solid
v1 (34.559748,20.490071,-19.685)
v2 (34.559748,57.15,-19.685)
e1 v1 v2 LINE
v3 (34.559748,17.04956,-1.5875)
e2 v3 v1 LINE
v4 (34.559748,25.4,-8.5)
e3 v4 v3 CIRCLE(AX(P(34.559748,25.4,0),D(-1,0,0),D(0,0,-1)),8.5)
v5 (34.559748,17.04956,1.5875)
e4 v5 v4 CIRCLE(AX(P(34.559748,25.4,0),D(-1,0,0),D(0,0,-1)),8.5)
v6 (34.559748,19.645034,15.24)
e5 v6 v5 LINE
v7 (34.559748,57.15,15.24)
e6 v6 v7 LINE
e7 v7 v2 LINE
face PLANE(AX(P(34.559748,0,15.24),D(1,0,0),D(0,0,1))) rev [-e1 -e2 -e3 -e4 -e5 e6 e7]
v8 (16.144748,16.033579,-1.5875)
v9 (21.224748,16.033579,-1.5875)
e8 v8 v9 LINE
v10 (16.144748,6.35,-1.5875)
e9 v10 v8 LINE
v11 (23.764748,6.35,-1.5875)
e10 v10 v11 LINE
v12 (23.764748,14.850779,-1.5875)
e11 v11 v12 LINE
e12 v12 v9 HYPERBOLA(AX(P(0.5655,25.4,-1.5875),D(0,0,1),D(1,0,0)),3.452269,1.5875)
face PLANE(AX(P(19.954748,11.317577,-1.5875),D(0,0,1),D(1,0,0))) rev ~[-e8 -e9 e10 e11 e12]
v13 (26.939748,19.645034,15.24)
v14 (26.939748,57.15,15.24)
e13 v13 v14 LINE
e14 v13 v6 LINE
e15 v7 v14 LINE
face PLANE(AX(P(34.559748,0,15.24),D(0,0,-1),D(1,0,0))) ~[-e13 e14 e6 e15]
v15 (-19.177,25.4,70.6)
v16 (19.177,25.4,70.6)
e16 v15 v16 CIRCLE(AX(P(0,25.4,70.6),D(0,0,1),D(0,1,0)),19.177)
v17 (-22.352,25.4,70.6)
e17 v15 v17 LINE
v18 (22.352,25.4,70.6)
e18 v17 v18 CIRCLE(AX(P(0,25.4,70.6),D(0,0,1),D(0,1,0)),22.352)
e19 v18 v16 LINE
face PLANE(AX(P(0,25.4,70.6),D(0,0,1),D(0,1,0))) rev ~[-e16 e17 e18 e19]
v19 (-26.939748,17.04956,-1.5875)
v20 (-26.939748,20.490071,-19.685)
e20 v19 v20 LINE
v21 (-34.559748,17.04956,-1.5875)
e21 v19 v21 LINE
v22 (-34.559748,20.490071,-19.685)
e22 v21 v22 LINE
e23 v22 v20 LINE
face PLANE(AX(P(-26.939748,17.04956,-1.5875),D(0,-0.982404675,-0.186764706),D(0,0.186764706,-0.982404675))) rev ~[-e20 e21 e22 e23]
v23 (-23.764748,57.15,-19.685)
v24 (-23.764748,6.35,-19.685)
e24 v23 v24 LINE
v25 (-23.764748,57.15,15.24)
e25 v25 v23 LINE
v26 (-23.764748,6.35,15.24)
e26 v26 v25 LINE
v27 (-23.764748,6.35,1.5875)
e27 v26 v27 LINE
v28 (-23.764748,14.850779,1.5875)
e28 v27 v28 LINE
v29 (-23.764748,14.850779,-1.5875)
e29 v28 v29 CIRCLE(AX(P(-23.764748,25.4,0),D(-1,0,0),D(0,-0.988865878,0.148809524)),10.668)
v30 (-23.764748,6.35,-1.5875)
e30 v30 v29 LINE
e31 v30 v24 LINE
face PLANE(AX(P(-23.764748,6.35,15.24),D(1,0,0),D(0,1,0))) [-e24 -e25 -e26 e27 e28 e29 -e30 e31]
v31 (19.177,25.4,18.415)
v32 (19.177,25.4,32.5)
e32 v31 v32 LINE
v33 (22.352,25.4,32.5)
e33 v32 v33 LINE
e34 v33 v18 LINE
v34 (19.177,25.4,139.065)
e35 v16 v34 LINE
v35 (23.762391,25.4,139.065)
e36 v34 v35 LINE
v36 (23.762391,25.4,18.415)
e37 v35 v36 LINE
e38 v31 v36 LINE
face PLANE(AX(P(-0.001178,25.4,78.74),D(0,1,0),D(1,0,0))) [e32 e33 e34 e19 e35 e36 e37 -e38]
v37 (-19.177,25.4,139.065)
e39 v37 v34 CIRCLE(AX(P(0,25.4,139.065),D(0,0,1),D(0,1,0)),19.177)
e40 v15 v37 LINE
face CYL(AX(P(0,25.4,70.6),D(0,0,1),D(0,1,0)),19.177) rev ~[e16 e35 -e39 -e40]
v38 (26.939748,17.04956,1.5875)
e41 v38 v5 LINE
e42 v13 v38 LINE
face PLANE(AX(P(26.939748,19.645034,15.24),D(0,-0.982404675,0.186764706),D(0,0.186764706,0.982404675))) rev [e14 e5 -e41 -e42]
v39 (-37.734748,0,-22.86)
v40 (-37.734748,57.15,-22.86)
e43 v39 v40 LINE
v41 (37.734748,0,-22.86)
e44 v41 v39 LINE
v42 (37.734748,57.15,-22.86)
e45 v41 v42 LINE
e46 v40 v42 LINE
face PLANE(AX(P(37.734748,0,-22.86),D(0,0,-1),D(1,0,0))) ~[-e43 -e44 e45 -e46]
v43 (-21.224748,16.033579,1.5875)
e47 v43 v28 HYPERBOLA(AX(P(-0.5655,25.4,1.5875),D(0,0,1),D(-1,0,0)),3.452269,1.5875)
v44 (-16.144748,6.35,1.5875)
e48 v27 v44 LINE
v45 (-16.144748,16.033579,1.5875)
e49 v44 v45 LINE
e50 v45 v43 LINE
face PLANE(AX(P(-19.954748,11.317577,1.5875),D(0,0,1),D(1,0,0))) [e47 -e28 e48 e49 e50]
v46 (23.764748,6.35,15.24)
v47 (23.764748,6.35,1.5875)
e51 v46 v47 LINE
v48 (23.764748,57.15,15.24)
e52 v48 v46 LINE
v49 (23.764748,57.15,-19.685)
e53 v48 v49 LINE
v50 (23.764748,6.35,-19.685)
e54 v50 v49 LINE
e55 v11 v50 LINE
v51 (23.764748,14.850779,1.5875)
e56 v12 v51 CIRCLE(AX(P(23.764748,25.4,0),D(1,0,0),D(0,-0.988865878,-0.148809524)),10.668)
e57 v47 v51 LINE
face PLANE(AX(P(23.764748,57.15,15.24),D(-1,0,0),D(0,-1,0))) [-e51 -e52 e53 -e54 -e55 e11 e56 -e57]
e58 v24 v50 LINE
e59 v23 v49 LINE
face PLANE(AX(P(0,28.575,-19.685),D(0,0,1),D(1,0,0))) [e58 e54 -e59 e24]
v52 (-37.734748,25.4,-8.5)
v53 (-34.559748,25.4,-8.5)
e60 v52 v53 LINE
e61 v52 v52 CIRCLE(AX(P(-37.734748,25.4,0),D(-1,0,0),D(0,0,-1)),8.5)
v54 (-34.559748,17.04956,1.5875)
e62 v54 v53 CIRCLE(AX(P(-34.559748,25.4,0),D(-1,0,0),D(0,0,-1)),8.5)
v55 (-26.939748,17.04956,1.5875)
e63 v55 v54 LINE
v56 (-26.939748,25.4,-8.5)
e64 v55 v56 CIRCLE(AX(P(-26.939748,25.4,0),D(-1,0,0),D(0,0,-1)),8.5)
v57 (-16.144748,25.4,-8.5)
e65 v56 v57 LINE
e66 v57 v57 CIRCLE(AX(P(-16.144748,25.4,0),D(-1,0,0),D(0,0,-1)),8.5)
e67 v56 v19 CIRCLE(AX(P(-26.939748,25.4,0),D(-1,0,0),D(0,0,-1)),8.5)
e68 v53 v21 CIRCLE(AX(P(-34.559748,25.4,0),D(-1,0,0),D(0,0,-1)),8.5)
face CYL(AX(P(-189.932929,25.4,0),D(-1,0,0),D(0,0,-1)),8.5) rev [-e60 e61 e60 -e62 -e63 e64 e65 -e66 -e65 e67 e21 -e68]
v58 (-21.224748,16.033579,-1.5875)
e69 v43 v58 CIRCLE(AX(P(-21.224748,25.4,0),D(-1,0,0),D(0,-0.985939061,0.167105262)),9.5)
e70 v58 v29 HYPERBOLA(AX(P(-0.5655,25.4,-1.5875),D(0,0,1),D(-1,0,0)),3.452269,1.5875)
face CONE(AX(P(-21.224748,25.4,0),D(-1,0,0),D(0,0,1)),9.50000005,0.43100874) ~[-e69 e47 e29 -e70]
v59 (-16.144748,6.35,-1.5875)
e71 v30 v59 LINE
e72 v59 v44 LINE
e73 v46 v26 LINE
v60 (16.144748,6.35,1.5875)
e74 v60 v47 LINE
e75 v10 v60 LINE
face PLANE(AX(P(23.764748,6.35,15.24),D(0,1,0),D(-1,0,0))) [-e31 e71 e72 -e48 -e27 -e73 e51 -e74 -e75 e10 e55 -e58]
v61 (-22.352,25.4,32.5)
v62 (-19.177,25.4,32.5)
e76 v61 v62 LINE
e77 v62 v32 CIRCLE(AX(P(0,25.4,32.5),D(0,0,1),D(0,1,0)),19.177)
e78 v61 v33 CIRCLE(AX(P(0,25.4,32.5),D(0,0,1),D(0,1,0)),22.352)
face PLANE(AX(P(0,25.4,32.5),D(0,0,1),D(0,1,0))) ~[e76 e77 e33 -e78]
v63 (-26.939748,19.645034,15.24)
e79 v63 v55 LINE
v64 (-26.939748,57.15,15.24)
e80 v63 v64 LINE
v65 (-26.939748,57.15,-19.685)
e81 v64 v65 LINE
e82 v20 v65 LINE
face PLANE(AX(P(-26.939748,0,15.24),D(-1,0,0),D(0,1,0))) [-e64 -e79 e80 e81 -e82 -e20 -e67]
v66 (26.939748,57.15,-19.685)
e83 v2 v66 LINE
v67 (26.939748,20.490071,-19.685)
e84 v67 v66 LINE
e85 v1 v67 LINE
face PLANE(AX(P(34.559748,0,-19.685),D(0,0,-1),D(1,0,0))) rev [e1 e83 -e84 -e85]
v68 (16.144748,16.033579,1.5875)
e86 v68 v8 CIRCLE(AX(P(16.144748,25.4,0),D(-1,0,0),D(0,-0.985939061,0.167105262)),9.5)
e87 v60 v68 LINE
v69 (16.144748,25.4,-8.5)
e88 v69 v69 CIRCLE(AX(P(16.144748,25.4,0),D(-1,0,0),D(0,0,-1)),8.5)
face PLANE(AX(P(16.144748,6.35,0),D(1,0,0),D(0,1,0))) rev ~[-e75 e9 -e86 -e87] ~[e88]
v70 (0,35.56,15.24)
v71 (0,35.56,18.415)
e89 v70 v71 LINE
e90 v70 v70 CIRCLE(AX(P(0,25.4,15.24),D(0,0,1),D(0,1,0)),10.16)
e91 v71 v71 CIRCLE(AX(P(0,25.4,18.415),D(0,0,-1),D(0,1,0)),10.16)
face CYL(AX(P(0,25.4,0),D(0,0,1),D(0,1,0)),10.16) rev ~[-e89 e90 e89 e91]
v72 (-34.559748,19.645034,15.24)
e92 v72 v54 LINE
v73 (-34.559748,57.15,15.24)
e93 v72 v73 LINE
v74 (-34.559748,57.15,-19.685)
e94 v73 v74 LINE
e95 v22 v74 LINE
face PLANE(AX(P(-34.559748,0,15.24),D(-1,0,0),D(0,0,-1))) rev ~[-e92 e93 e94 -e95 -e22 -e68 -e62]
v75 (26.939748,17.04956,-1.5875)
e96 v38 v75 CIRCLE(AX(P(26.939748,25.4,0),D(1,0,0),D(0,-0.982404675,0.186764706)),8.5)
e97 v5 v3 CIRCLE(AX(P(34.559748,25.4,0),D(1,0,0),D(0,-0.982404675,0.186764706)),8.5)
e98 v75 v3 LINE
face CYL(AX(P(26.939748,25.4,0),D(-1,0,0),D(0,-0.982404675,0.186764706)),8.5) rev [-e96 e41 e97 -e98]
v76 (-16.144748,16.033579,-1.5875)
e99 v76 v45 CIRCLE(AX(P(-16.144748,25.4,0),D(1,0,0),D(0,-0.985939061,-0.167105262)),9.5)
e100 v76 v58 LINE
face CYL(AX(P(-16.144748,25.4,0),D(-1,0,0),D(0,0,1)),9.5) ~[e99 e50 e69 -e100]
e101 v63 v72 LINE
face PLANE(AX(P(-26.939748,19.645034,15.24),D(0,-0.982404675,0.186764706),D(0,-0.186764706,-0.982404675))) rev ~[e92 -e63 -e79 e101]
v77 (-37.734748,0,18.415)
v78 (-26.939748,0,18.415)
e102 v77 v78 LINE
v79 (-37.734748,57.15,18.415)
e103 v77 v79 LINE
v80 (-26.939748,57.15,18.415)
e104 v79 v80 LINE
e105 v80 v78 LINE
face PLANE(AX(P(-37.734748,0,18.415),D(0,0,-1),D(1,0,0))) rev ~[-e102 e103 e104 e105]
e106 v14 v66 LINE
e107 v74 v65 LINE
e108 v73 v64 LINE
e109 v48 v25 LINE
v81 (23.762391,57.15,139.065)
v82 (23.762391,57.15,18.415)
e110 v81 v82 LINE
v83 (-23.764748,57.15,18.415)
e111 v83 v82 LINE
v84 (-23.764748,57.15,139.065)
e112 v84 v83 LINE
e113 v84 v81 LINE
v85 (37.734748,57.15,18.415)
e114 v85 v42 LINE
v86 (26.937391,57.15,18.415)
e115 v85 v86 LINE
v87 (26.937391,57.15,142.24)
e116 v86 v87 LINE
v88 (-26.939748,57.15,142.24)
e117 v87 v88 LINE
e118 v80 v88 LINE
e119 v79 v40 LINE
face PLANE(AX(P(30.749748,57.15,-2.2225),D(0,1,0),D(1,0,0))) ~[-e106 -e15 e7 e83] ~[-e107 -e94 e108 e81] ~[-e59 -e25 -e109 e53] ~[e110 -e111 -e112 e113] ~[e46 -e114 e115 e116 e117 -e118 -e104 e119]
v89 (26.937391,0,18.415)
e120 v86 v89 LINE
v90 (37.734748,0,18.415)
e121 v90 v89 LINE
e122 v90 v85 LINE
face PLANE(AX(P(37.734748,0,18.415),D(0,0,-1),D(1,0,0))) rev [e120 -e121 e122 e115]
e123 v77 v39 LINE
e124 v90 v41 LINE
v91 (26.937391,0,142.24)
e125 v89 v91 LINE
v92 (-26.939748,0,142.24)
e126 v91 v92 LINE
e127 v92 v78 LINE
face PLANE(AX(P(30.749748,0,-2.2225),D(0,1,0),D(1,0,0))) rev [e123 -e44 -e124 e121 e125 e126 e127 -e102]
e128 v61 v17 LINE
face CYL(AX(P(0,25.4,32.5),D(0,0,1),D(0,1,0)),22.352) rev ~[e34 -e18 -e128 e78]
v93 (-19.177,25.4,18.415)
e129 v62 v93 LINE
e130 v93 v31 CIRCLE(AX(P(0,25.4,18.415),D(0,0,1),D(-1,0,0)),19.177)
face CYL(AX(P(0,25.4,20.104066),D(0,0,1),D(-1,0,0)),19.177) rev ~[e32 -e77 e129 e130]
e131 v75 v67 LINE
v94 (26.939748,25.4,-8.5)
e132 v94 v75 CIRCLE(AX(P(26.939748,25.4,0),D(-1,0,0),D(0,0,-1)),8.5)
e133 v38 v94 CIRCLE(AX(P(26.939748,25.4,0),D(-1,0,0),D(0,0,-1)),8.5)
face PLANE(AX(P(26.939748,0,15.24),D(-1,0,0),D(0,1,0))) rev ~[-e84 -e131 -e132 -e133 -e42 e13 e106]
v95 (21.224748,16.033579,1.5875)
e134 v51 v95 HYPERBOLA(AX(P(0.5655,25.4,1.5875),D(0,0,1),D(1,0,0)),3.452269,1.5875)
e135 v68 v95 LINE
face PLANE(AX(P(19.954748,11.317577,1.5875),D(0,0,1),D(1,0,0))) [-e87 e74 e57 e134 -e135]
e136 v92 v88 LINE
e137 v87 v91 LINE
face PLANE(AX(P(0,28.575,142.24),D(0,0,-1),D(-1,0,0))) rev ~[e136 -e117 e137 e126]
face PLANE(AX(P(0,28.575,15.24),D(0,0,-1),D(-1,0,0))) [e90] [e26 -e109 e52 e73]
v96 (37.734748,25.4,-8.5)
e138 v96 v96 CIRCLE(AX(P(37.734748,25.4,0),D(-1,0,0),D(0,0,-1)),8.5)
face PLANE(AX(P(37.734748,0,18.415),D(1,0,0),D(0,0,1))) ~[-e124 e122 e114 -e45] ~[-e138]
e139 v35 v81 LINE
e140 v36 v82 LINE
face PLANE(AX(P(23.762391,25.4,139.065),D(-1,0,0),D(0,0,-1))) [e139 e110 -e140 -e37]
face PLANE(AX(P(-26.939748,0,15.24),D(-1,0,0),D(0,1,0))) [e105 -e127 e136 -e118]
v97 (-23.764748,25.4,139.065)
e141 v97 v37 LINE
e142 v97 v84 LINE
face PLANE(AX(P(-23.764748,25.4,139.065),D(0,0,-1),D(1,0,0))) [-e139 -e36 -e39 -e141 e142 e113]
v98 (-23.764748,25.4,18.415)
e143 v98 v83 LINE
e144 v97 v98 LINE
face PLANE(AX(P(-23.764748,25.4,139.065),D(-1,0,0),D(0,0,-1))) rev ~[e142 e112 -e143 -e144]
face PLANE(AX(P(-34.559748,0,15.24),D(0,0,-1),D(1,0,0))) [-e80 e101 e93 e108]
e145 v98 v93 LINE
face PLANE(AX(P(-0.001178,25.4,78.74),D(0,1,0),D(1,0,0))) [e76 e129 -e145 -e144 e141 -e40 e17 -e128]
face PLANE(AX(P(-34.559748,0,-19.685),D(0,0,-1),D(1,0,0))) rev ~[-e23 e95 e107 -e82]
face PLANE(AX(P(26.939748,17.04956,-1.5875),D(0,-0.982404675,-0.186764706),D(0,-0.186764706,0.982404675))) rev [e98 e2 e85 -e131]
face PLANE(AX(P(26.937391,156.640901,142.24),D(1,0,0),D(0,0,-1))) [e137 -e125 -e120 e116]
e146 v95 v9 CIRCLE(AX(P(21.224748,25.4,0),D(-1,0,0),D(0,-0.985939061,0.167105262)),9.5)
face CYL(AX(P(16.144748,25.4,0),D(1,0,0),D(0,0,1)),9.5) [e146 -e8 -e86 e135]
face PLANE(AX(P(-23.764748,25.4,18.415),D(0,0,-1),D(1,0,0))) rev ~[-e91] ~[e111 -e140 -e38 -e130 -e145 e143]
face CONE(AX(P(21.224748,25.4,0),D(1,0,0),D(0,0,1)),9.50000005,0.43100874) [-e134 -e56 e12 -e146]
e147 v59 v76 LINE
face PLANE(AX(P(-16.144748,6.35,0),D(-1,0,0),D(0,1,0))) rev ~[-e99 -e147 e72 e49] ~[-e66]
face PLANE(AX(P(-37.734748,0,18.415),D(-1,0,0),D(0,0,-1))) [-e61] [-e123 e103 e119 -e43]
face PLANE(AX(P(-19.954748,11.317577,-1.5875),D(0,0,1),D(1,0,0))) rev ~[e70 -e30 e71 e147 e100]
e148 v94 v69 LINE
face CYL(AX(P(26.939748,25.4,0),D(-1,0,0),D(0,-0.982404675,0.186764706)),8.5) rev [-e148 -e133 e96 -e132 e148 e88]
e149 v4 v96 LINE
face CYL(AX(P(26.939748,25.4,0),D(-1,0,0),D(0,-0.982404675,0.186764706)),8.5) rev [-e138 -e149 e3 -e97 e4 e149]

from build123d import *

# Parameters (mm, degrees)
BOSS_EXTRUDE1_START      = 15.24
BOSS_EXTRUDE1_DEPTH      = 38.1
SKETCH2_W                = 53.879496
SKETCH2_H                = 57.15
BOSS_EXTRUDE2_DEPTH      = 3.175
CUT_EXTRUDE2_DEPTH       = 68.189672735
CUT_EXTRUDE2_DEPTH_BACK  = 68.189672735
SKETCH3_R                = 8.5
SKETCH7_W                = 7.62
SKETCH7_H                = 9.935154996
BOSS_EXTRUDE7_DEPTH      = 1.5875
SKETCH8_W                = 53.879496
SKETCH8_H                = 57.15
BOSS_EXTRUDE8_DEPTH      = 127
CUT_EXTRUDE7_DEPTH       = 156.640901187
CUT_EXTRUDE7_DEPTH_BACK  = 156.640901187
SKETCH13_W               = 0.002356984
SKETCH13_H               = 126.769061331
CUT_EXTRUDE8_START       = -31.75
SKETCH14_W               = 47.527139016
SKETCH14_H               = 120.65
CUT_EXTRUDE8_DEPTH       = 31.75
CUT_EXTRUDE9_DEPTH       = 1.689066359
SKETCH18_W               = 13.97
SKETCH18_H               = 41.275
SKETCH18_W_2             = 7.62
SKETCH18_H_2             = 34.925
BOSS_EXTRUDE10_DEPTH     = 57.15
BOSS_EXTRUDE11_REACH     = 164.485
CUT_EXTRUDE11_DEPTH      = 166.168181283
CUT_EXTRUDE11_DEPTH_BACK = 166.168181283
SKETCH20_R               = 8.5


with BuildPart() as part:
    # Sketch1 → Boss-Extrude1 (new body)
    with BuildSketch(Plane.XY.offset(BOSS_EXTRUDE1_START)):
        Polygon((-26.939748, 0), (26.939748, 0), (26.939748, 6.35), (26.939748, 57.15), (23.764748, 57.15), (23.764748, 6.35), (-23.764748, 6.35), (-23.764748, 57.15), (-26.939748, 57.15), (-26.939748, 6.35), align=None)
    extrude(amount=-BOSS_EXTRUDE1_DEPTH)

    # Sketch2 → Boss-Extrude2 (add)
    with BuildSketch(Plane.XY.offset(-22.86)):
        with Locations((0, 28.575)):
            Rectangle(SKETCH2_W, SKETCH2_H)
    extrude(amount=BOSS_EXTRUDE2_DEPTH)

    # Sketch6 → Revolve2 (revolve)
    with BuildSketch(Plane.XY, mode=Mode.PRIVATE) as revolve2_sk:
        Polygon((-23.764748, 25.4), (-16.144748, 25.4), (-16.144748, 34.90000005), (-21.224748, 34.90000005), (-23.764748, 36.068), align=None)
        Polygon((23.764748, 36.068), (23.764748, 25.4), (16.144748, 25.4), (16.144748, 34.90000005), (21.224748, 34.90000005), align=None)
    revolve(revolve2_sk.sketch.rotate(Axis((-23.764748, 25.4, 0), (1, 0, 0)), 90), axis=Axis((-23.764748, 25.4, 0), (1, 0, 0)))

    # Sketch3 → Cut-Extrude2 (cut, two sides: drawn at the far end of the back side and taken through both)
    with BuildSketch(Plane(origin=(0, 0, 0), x_dir=(0, 0, -1), z_dir=(1, 0, 0)).offset(-CUT_EXTRUDE2_DEPTH_BACK)):
        with Locations((0, 25.4)):
            Circle(SKETCH3_R)
    extrude(amount=CUT_EXTRUDE2_DEPTH + CUT_EXTRUDE2_DEPTH_BACK, mode=Mode.SUBTRACT)

    # Sketch7 → Boss-Extrude7 (add, symmetric)
    with BuildSketch(Plane.XY):
        with Locations((-19.954748, 11.317577498)):
            Rectangle(SKETCH7_W, SKETCH7_H)
        with Locations((19.954748, 11.317577498)):
            Rectangle(SKETCH7_W, SKETCH7_H)
    extrude(amount=BOSS_EXTRUDE7_DEPTH, both=True)

    # Sketch8 → Boss-Extrude8 (add)
    with BuildSketch(Plane(origin=(0, 0, 15.24), x_dir=(-1, 0, 0), z_dir=(0, 0, -1))):
        with Locations((0, 28.575)):
            Rectangle(SKETCH8_W, SKETCH8_H)
    extrude(amount=-BOSS_EXTRUDE8_DEPTH)

    # Sketch9 → Cut-Revolve1 (revolve, cut)
    with BuildSketch(Plane(origin=(0, 0, 0), x_dir=(0, 0, -1), z_dir=(1, 0, 0))):
        Polygon((-70.6, 47.752), (-70.6, 44.577), (-139.065, 44.577), (-139.065, 25.4), (-70.104, 25.4), (0, 25.4), (0, 35.56), (-20.104066359, 35.56), (-20.104066359, 44.577), (-32.5, 44.577), (-32.5, 47.752), align=None)
    revolve(axis=Axis((0, 25.4, 0), (0, 0, 1)), mode=Mode.SUBTRACT)

    # Sketch13 → Cut-Extrude7 (cut, two sides: drawn at the far end of the back side and taken through both)
    with BuildSketch(Plane(origin=(0, 0, 0), x_dir=(-1, 0, 0), z_dir=(0, -1, 0)).offset(-CUT_EXTRUDE7_DEPTH_BACK)):
        with Locations((26.940926492, -78.855469335)):
            Rectangle(SKETCH13_W, SKETCH13_H)
        with Locations((-26.938569508, -78.855469335)):
            Rectangle(SKETCH13_W, SKETCH13_H)
    extrude(amount=CUT_EXTRUDE7_DEPTH + CUT_EXTRUDE7_DEPTH_BACK, mode=Mode.SUBTRACT)

    # Sketch14 → Cut-Extrude8 (cut)
    with BuildSketch(Plane(origin=(0, 57.15, 0), x_dir=(1, 0, 0), z_dir=(0, 1, 0)).offset(CUT_EXTRUDE8_START)):
        with Locations((-0.001178492, -78.74)):
            Rectangle(SKETCH14_W, SKETCH14_H)
    extrude(amount=CUT_EXTRUDE8_DEPTH, mode=Mode.SUBTRACT)

    # Sketch15 → Cut-Extrude9 (cut)
    with BuildSketch(Plane.XY.offset(20.104066359)):
        with BuildLine():
            Line((-10.16, 25.4), (-19.177, 25.4))
            ThreePointArc((-19.177, 25.4), (0, 6.223), (19.177, 25.4))
            Line((19.177, 25.4), (10.16, 25.4))
            ThreePointArc((10.16, 25.4), (0, 15.24), (-10.16, 25.4))
        make_face()
    extrude(amount=-CUT_EXTRUDE9_DEPTH, mode=Mode.SUBTRACT)

    # Sketch18 → Boss-Extrude10 (add)
    with BuildSketch(Plane(origin=(0, 0, 0), x_dir=(1, 0, 0), z_dir=(0, 1, 0))):
        with Locations((-30.749748, 2.2225)):
            Rectangle(SKETCH18_W, SKETCH18_H)
        with Locations((-30.749748, 2.2225)):
            Rectangle(SKETCH18_W_2, SKETCH18_H_2, mode=Mode.SUBTRACT)
    boss_extrude10 = extrude(amount=BOSS_EXTRUDE10_DEPTH)

    # Sketch19 → Boss-Extrude11 (add, up to next)
    with BuildSketch(Plane(origin=(-26.939748, 0, 0), x_dir=(0, 0, -1), z_dir=(1, 0, 0)), mode=Mode.PRIVATE) as boss_extrude11_sk1:
        with BuildLine():
            Line((1.5875, 17.049560266), (22.225, 20.972950206))
            Line((22.225, 20.972950206), (22.225, 0))
            Line((22.225, 0), (-15.24, 0))
            Line((-15.24, 0), (-15.24, 19.645033611))
            Line((-15.24, 19.645033611), (-1.5875, 17.049560266))
            ThreePointArc((-1.5875, 17.049560266), (0, 16.9), (1.5875, 17.049560266))
        make_face()
    boss_extrude11_tool1 = extrude(boss_extrude11_sk1.sketch, amount=-BOSS_EXTRUDE11_REACH, mode=Mode.PRIVATE) - part.part
    boss_extrude11 = boss_extrude11_tool1.solids().sort_by_distance((-26.939748, 9.331139, -3.822254))[0]
    add(boss_extrude11)

    # Mirror4: Boss-Extrude10, Boss-Extrude11 across plane
    add(boss_extrude10.mirror(Plane(origin=(0, 0, 0), x_dir=(0, 0, 1), z_dir=(1, 0, 0))))
    add(boss_extrude11.mirror(Plane(origin=(0, 0, 0), x_dir=(0, 0, 1), z_dir=(1, 0, 0))))

    # Sketch20 → Cut-Extrude11 (cut, two sides: drawn at the far end of the back side and taken through both)
    with BuildSketch(Plane(origin=(-23.764748, 0, 0), x_dir=(0, 0, -1), z_dir=(1, 0, 0)).offset(-CUT_EXTRUDE11_DEPTH_BACK)):
        with Locations((0, 25.4)):
            Circle(SKETCH20_R)
    extrude(amount=CUT_EXTRUDE11_DEPTH + CUT_EXTRUDE11_DEPTH_BACK, mode=Mode.SUBTRACT)


solid = part.part
